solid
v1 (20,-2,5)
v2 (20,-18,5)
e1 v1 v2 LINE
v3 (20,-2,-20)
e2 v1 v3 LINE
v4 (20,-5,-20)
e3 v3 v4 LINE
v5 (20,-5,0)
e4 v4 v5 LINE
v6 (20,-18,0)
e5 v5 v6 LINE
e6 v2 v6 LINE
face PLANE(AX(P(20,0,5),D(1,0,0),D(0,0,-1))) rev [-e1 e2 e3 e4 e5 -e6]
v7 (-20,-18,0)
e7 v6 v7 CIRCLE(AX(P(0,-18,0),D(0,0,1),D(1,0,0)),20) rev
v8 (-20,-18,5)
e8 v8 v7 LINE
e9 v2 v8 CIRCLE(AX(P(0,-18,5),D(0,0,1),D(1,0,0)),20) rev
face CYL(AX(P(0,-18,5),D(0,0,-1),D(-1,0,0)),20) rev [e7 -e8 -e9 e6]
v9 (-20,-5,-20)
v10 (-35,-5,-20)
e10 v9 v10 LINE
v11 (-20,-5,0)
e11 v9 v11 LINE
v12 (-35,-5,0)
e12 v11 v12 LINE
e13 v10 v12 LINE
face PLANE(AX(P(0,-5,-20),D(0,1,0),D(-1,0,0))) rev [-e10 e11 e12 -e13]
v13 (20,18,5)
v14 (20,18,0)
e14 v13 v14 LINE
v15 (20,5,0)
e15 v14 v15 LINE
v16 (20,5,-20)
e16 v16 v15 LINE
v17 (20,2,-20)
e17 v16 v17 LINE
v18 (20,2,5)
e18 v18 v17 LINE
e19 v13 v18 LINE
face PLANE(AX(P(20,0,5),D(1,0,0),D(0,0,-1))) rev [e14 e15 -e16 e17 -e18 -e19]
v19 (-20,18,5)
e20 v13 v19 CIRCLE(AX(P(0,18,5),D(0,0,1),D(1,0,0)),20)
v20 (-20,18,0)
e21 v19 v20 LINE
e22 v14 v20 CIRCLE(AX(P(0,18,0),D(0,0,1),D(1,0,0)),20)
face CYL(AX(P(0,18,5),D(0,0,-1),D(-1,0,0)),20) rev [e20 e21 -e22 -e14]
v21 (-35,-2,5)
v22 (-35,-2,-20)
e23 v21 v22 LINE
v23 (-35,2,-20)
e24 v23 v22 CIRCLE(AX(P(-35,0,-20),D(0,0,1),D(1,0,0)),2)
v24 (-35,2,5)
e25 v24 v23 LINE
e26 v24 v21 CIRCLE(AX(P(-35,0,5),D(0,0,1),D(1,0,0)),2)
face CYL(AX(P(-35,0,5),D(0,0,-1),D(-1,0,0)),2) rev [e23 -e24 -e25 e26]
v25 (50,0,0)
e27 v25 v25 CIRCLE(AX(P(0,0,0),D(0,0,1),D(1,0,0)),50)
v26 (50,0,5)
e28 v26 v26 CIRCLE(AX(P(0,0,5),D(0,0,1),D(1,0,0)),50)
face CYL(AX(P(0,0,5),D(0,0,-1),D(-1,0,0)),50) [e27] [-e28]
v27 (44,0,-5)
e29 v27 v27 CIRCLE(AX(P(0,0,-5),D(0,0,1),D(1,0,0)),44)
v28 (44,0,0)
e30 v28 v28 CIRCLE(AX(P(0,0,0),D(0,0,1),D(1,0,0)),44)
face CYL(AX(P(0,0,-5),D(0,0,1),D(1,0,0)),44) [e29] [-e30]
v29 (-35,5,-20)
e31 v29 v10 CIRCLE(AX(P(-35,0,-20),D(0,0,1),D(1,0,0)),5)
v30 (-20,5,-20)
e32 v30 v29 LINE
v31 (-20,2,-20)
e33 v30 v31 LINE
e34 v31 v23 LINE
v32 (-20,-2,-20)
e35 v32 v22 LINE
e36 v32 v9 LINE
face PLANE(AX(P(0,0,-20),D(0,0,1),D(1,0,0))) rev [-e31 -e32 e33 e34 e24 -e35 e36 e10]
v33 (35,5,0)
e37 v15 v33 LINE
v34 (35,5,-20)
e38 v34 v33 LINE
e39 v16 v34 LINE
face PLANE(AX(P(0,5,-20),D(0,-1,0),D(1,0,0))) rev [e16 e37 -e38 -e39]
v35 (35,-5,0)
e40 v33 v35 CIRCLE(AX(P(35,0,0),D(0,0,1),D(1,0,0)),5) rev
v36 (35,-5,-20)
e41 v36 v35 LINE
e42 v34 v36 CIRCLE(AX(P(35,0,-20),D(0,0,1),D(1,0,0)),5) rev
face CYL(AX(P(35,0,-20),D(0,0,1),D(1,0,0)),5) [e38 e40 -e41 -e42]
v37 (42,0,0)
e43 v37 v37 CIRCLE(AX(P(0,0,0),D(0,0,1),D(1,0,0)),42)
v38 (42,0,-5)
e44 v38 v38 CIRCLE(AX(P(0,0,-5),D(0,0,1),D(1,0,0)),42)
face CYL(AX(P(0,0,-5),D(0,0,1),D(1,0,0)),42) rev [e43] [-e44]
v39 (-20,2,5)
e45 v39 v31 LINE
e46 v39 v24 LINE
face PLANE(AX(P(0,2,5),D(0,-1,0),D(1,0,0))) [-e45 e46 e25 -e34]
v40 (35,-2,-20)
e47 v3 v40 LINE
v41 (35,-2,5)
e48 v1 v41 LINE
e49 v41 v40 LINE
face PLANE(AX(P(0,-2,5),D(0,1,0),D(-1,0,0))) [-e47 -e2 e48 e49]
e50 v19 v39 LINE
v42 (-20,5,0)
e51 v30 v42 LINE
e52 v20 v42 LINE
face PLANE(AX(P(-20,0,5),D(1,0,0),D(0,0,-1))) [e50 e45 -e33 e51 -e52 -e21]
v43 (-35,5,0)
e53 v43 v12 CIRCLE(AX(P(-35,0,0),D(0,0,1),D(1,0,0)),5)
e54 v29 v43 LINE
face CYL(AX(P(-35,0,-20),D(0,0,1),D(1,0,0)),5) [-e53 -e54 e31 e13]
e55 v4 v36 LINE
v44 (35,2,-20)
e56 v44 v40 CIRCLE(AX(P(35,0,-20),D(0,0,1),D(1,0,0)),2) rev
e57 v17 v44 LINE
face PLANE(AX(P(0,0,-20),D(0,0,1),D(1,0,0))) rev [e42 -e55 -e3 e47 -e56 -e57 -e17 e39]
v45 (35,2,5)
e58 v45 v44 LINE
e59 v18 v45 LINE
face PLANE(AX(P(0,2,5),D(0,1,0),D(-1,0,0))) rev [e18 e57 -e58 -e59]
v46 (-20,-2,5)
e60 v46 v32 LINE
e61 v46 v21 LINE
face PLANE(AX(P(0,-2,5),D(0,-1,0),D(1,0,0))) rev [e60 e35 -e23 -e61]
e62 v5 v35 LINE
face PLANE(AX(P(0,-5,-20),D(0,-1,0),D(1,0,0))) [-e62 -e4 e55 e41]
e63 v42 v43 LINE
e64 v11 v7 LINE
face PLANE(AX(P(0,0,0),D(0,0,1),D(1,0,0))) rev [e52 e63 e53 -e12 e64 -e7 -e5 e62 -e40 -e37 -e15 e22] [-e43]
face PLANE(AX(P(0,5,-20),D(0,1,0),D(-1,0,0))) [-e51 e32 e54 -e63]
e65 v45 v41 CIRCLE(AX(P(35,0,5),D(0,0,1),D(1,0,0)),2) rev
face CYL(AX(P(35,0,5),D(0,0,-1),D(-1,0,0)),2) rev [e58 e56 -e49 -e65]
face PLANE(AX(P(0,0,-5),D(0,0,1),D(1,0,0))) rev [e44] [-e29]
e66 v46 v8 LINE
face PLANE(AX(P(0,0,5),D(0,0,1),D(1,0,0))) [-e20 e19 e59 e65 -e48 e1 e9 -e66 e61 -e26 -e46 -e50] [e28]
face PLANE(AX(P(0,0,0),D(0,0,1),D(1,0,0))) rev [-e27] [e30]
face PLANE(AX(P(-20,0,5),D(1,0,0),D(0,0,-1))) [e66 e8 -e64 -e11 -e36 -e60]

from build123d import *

# Parameters (mm, degrees)
ESBO_O1_R                = 50
RESSALTO_EXTRUS_O1_DEPTH = 5
RESSALTO_EXTRUS_O2_START = -20
RESSALTO_EXTRUS_O2_DEPTH = 20
ESBO_O1_4_R              = 44
ESBO_O1_4_R_2            = 42
RESSALTO_EXTRUS_O3_DEPTH = 5


with BuildPart() as part:
    # Esboço1 → Ressalto-extrusão1 (new body)
    with BuildSketch(Plane.XY):
        Circle(ESBO_O1_R)
        with BuildLine():
            ThreePointArc((20, -18), (0, -38), (-20, -18))
            Line((-20, -18), (-20, -2))
            Line((-20, -2), (-35, -2))
            ThreePointArc((-35, -2), (-37, 0), (-35, 2))
            Line((-35, 2), (-20, 2))
            Line((-20, 2), (-20, 18))
            ThreePointArc((-20, 18), (0, 38), (20, 18))
            Line((20, 18), (20, 2))
            Line((20, 2), (35, 2))
            ThreePointArc((35, 2), (37, 0), (35, -2))
            Line((35, -2), (20, -2))
            Line((20, -2), (20, -18))
        make_face(mode=Mode.SUBTRACT)
    extrude(amount=RESSALTO_EXTRUS_O1_DEPTH)

    # Esboço1<3> → Ressalto-extrusão2 (add)
    with BuildSketch(Plane.XY.offset(RESSALTO_EXTRUS_O2_START)):
        with BuildLine():
            ThreePointArc((35, 2), (37, 0), (35, -2))
            Line((35, -2), (20, -2))
            Line((20, -2), (20, -5))
            Line((20, -5), (35, -5))
            ThreePointArc((35, -5), (40, 0), (35, 5))
            Line((35, 5), (20, 5))
            Line((20, 5), (20, 2))
            Line((20, 2), (35, 2))
        make_face()
        with BuildLine():
            Line((-35, -5), (-20, -5))
            Line((-20, -5), (-20, -2))
            Line((-20, -2), (-35, -2))
            ThreePointArc((-35, -2), (-37, 0), (-35, 2))
            Line((-35, 2), (-20, 2))
            Line((-20, 2), (-20, 5))
            Line((-20, 5), (-35, 5))
            ThreePointArc((-35, 5), (-40, 0), (-35, -5))
        make_face()
    extrude(amount=RESSALTO_EXTRUS_O2_DEPTH)

    # Esboço1<4> → Ressalto-extrusão3 (add)
    with BuildSketch(Plane.XY):
        Circle(ESBO_O1_4_R)
        Circle(ESBO_O1_4_R_2, mode=Mode.SUBTRACT)
    extrude(amount=-RESSALTO_EXTRUS_O3_DEPTH)


solid = part.part
